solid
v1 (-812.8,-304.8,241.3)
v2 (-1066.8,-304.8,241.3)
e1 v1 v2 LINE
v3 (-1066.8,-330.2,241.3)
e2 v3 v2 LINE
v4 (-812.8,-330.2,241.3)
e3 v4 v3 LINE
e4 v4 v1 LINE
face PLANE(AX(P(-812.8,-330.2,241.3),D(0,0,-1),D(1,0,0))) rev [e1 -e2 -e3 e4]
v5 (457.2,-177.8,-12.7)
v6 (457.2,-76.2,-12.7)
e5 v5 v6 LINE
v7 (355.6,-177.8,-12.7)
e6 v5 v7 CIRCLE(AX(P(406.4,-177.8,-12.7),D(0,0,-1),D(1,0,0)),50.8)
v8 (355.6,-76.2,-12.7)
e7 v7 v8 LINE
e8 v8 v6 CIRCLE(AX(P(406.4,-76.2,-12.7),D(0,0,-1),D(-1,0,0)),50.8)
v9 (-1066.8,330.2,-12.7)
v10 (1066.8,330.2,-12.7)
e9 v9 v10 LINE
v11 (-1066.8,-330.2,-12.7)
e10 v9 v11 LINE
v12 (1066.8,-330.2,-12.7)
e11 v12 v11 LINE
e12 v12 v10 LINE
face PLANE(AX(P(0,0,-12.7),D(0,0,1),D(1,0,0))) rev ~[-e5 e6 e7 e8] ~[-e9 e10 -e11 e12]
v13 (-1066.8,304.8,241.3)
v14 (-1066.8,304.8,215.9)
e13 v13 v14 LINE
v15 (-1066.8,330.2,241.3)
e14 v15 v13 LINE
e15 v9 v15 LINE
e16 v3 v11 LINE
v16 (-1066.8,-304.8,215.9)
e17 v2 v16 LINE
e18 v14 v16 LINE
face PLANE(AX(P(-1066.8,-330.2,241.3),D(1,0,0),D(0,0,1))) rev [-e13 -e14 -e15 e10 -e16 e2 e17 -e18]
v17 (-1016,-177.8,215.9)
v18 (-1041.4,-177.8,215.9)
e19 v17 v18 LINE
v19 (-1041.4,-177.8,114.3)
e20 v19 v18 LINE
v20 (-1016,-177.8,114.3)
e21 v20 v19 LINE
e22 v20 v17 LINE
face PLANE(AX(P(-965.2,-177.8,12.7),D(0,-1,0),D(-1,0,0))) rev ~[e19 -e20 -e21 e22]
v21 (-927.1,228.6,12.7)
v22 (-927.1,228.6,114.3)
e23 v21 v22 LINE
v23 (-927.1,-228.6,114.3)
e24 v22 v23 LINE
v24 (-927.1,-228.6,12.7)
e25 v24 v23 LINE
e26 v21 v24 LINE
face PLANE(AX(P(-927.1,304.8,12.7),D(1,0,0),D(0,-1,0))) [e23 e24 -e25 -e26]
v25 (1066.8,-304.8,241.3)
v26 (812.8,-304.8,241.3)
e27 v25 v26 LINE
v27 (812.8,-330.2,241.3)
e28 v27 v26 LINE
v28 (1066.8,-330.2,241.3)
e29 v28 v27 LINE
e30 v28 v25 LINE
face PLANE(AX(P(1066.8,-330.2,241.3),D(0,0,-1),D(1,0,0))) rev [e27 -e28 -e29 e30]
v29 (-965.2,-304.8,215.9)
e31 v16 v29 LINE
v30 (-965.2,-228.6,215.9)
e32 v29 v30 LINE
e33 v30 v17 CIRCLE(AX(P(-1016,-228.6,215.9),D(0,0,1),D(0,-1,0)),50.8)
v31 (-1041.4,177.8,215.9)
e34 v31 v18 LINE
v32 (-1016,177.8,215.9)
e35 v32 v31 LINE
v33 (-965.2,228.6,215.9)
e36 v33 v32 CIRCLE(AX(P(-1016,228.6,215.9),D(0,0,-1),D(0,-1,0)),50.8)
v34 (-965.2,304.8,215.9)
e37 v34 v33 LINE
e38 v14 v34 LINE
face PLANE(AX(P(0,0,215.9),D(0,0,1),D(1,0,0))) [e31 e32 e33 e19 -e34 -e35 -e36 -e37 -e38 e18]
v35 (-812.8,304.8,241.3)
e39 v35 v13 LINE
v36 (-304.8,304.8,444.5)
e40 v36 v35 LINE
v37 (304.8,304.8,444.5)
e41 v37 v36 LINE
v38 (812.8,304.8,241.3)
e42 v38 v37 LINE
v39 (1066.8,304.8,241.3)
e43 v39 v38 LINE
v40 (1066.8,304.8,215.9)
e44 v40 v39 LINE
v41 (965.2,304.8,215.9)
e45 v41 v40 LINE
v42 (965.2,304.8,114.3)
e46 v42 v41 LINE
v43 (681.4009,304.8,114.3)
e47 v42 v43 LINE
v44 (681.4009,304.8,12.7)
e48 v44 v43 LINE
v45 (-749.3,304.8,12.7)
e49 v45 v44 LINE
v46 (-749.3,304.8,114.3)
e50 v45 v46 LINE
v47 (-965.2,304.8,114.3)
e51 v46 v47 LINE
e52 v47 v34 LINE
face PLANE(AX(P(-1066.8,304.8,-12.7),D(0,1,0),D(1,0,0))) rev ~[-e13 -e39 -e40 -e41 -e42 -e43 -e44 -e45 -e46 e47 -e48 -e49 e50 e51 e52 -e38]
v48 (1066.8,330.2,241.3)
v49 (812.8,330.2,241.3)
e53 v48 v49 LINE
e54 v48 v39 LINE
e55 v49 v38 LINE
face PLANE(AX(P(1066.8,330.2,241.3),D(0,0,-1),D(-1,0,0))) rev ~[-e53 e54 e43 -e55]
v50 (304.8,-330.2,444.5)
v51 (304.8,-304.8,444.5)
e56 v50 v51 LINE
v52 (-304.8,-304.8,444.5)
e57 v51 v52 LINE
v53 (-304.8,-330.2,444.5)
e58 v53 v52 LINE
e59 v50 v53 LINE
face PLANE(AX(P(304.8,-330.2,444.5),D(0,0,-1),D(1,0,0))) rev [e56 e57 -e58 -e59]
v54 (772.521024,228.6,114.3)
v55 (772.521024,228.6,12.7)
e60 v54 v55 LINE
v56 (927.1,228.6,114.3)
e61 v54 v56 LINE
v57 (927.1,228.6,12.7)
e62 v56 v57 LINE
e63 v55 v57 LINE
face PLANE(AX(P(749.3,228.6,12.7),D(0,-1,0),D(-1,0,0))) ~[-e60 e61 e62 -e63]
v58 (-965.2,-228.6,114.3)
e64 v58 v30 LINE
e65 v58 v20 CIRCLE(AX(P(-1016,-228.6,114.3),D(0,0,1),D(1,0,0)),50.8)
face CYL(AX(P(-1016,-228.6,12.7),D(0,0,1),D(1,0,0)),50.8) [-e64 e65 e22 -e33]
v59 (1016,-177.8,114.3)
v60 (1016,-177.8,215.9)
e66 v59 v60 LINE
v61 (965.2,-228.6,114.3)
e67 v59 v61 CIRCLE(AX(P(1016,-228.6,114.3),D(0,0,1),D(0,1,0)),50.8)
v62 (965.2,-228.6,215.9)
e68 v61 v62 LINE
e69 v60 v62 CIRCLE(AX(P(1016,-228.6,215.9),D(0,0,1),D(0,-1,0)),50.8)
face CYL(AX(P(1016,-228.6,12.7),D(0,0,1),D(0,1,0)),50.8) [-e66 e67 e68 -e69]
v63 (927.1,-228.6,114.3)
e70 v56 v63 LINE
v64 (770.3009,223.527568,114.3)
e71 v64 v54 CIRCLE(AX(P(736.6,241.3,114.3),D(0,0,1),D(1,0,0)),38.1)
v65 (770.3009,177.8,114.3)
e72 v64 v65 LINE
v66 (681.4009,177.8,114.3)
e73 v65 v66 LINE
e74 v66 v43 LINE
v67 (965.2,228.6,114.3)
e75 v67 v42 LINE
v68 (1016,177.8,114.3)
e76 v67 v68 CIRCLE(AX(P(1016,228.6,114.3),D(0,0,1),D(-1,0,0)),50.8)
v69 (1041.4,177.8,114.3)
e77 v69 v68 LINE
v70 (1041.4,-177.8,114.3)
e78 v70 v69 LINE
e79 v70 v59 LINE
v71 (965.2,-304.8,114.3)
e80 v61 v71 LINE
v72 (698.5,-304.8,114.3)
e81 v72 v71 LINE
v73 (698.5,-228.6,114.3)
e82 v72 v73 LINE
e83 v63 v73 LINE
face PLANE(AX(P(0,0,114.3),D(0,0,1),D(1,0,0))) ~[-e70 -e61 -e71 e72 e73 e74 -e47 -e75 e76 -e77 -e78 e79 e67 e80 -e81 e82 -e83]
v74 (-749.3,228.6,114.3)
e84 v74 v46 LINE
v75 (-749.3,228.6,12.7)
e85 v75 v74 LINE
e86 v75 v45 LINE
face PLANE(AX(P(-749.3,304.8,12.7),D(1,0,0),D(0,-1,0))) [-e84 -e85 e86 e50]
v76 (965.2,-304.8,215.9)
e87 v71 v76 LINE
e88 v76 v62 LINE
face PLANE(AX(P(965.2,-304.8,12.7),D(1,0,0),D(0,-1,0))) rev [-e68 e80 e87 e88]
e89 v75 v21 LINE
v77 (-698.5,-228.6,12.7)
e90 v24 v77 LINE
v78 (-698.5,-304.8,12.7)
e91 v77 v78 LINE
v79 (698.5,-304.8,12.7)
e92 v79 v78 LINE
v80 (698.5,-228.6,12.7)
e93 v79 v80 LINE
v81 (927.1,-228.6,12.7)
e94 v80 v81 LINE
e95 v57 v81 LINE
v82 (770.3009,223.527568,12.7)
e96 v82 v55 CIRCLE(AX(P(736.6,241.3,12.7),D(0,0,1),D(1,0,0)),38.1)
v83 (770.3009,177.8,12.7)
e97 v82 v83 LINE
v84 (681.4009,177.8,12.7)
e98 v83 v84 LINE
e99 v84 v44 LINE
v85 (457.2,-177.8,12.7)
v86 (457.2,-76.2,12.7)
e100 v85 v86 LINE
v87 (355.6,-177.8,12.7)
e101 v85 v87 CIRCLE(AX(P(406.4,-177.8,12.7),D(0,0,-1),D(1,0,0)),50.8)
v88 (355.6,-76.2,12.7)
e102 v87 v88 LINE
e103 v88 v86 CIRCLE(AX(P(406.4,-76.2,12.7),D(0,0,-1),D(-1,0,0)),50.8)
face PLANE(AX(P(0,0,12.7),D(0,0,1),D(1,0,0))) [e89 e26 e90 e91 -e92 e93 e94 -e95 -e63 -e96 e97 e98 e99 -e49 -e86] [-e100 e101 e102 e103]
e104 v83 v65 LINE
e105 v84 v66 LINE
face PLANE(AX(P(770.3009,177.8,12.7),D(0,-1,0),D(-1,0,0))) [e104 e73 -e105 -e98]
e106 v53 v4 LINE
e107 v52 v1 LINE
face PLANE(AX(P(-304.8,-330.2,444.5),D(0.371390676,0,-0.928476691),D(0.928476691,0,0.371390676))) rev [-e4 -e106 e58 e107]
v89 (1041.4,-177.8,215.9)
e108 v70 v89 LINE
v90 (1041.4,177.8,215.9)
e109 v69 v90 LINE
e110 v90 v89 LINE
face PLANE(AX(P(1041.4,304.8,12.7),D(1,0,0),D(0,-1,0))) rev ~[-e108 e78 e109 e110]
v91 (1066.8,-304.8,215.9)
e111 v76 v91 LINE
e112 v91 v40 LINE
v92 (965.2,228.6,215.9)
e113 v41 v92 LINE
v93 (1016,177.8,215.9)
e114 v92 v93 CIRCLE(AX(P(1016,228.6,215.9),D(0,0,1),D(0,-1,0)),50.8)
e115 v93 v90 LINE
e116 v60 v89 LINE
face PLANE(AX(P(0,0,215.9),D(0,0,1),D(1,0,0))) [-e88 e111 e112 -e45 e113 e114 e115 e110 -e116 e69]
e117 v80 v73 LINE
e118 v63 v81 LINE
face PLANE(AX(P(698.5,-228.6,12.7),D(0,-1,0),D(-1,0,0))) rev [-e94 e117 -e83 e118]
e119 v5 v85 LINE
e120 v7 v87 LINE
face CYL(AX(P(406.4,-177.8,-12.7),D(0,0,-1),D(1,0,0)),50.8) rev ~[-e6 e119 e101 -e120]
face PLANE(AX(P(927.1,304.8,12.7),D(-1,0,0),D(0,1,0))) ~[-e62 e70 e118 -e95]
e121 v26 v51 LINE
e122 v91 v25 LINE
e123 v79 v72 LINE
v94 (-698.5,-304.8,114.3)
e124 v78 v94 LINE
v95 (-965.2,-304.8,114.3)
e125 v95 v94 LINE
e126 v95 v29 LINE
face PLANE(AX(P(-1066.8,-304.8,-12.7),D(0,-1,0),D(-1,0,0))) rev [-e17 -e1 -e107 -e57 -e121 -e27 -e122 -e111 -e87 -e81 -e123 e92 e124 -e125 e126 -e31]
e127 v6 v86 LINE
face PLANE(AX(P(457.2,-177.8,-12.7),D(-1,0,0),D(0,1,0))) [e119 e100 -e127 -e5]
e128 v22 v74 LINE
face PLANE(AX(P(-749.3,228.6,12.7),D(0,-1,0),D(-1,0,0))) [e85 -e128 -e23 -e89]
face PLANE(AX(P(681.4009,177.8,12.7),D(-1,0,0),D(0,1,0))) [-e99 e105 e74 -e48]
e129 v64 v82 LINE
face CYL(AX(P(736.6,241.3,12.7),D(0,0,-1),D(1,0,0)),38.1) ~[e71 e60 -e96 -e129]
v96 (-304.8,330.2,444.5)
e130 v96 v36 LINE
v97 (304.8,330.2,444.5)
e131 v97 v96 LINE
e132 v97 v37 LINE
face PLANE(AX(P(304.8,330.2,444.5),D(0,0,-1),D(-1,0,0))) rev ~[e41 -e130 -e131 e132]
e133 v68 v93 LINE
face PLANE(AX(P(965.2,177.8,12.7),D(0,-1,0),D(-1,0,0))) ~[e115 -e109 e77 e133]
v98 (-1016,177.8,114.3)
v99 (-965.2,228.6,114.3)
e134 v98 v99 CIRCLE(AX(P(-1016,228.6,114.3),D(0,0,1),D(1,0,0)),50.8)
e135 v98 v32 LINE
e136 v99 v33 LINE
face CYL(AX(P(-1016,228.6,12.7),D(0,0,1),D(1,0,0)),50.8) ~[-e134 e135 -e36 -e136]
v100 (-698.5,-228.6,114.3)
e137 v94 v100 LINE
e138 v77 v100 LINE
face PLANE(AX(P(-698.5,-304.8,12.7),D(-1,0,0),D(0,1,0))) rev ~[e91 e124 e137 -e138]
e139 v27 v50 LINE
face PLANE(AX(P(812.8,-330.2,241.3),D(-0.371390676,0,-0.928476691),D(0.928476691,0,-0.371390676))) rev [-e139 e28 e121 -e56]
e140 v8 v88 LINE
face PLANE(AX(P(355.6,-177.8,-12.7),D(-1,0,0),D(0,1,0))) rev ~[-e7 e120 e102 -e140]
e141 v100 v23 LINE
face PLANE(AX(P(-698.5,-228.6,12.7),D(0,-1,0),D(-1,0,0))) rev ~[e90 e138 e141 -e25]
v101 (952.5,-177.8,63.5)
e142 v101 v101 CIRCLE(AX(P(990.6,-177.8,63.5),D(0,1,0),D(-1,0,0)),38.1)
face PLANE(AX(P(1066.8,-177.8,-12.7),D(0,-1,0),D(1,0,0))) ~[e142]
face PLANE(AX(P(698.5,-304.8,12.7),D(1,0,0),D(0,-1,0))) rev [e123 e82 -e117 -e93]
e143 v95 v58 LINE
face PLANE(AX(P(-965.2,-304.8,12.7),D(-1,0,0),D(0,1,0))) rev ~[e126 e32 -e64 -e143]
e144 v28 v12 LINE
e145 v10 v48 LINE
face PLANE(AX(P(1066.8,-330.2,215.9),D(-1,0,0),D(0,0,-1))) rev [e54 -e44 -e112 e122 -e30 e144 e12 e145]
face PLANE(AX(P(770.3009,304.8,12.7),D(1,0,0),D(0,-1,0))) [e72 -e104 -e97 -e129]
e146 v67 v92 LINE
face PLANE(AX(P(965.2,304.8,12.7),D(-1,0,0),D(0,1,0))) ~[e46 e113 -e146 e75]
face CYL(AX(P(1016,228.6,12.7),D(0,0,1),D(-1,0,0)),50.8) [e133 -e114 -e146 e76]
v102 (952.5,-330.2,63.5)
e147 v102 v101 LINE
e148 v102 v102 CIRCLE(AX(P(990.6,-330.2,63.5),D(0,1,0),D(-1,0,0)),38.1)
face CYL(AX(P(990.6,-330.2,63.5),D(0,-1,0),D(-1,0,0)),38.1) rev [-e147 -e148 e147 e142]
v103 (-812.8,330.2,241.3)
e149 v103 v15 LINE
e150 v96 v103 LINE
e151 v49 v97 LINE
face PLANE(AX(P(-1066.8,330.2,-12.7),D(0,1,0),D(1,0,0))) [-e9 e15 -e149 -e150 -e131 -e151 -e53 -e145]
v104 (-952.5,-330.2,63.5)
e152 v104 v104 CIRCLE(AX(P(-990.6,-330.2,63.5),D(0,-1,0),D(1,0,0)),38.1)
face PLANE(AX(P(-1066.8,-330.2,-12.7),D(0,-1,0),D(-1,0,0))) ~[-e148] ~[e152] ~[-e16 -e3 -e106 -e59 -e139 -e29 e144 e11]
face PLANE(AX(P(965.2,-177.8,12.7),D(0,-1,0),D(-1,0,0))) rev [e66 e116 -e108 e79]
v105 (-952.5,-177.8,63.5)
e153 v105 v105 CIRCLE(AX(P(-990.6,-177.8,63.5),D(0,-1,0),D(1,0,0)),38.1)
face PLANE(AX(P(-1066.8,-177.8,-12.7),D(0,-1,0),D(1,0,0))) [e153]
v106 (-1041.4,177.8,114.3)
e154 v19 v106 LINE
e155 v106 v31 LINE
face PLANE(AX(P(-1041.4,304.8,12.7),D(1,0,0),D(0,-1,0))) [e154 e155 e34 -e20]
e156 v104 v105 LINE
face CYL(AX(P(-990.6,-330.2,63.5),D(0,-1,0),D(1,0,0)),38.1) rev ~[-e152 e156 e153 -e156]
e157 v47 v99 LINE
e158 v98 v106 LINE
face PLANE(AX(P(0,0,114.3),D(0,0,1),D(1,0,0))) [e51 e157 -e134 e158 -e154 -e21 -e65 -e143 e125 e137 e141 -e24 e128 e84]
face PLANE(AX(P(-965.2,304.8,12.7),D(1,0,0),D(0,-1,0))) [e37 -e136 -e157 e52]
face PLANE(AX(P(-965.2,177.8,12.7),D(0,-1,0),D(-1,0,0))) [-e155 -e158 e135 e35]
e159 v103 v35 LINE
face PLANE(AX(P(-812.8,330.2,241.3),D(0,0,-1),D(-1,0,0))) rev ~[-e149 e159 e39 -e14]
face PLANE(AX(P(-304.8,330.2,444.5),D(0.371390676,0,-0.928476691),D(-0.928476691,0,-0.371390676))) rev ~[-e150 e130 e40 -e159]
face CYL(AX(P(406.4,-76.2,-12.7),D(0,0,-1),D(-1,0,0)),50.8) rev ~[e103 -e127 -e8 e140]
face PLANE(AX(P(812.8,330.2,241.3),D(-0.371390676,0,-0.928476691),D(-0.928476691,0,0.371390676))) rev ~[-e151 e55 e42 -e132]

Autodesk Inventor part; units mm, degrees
ref_plane "YZ Plane" through (0, 0, 0) normal (1, 0, 0) x (0, 1, 0)
ref_plane "XZ Plane" through (0, 0, 0) normal (0, 1, 0) x (-1, 0, 0)
ref_plane "XY Plane" through (0, 0, 0) normal (0, 0, 1) x (1, 0, 0)
sketch "Sketch1" plane through (0, 0, 0) normal (0, 0, 1) x (1, 0, 0)
  line L0 (-1066.8, 304.8) -> (1066.8, 304.8)
  line L1 (1066.8, 304.8) -> (1066.8, -304.8)
  line L2 (1066.8, -304.8) -> (-1066.8, -304.8)
  line L3 (-1066.8, -304.8) -> (-1066.8, 304.8)
  point P0 (0, 0)
  point P1 (1066.8, 0)
  point P2 (0, 304.8)
  dimension "d0" = 2133.6
  dimension "d1" = 609.6
extrude "Extrusion1" add sketch "Sketch1" along normal mid plane 25.4
sketch "Sketch2" plane through (0, 0, 12.7) normal (0, 0, 1) x (1, 0, 0)
  circle A0 centre (736.6, 241.3) radius 38.1
  line L0 (1066.8, -304.8) -> (1066.8, 304.8) projected
  line L1 (-1066.8, 304.8) -> (1066.8, 304.8) projected
  circle A1 centre (736.6, -266.7) radius 38.1
  line L2 (-1066.8, -304.8) -> (1066.8, -304.8) projected
  circle A2 centre (-787.4, 266.7) radius 38.1
  circle A3 centre (-736.6, -266.7) radius 38.1
  line L3 (-1066.8, 304.8) -> (-1066.8, -304.8) projected
  point P0 (0, 0)
  dimension "d4" = 330.2
  dimension "d5" = 63.5
  dimension "d6" = 76.2
  dimension "d7" = 76.2
  dimension "d8" = 330.2
  dimension "d9" = 38.1
  dimension "d10" = 76.2
  dimension "d11" = 76.2
  dimension "d12" = 279.4
  dimension "d13" = 330.2
  dimension "d14" = 38.1
  dimension "d15" = 38.1
extrude "Extrusion2" add sketch "Sketch2" along normal blind 101.6 contours A0 | A2 | A3 | A1
sketch "Sketch3" plane through (0, 0, 12.7) normal (0, 0, 1) x (1, 0, 0)
  line L0 (-1066.8, -304.8) -> (-1066.8, 304.8) projected
  line L1 (1066.8, -304.8) -> (-1066.8, -304.8) projected
  line L2 (-1066.8, 304.8) -> (-1041.4, 304.8)
  line L3 (-1041.4, 304.8) -> (-1041.4, -304.8)
  line L4 (-1041.4, -304.8) -> (-1066.8, -304.8)
  line L5 (-1066.8, -304.8) -> (-1066.8, 304.8)
  line L6 (1066.8, 304.8) -> (1041.4, 304.8)
  line L7 (1041.4, 304.8) -> (1041.4, -304.8)
  line L8 (1041.4, -304.8) -> (1066.8, -304.8)
  line L9 (1066.8, -304.8) -> (1066.8, 304.8)
  point P0 (0, 0)
  dimension "d18" = 25.4
  dimension "d19" = 25.4
extrude "Extrusion3" add sketch "Sketch3" along normal blind 203.2
sketch "Sketch5" plane through (0, 0, 0) normal (0, 1, 0) x (-1, 0, 0)
  line L0 (-1041.4, 12.7) -> (787.4, 12.7) projected
  point P0 (0, 0)
sketch "Sketch6" plane through (0, 0, 12.7) normal (0, 0, 1) x (1, 0, 0)
  line L0 (-1041.4, 304.8) -> (-1041.4, -304.8) projected
  line L1 (-1041.4, 304.8) -> (-965.2, 304.8)
  line L2 (-965.2, 304.8) -> (-965.2, 177.8)
  line L3 (-965.2, 177.8) -> (-1041.4, 177.8)
  line L4 (-1041.4, 177.8) -> (-1041.4, 304.8)
  line L5 (-1041.4, -304.8) -> (-965.2, -304.8)
  line L6 (-965.2, -304.8) -> (-965.2, -177.8)
  line L7 (-965.2, -177.8) -> (-1041.4, -177.8)
  line L8 (-1041.4, -177.8) -> (-1041.4, -304.8)
  point P0 (0, 0)
  dimension "d30" = 76.2
  dimension "d31" = 127
  dimension "d32" = 127
  dimension "d33" = 76.2
extrude "Extrusion5" add sketch "Sketch6" along normal blind 203.2
mirror "Mirror1" about plane through (0, 0, 0) normal (1, 0, 0) of "Extrusion5"
fillet "Fillet1" radius 50.8 4 edges at (-965.2, 177.8, 114.3) (965.2, 177.8, 114.3) (965.2, -177.8, 114.3) (-965.2, -177.8, 114.3)
sketch "Sketch14" plane through (0, 0, -12.7) normal (0, 0, -1) x (-1, 0, 0)
  line L0 (-1066.8, 304.8) -> (1066.8, 304.8)
  line L1 (1066.8, 304.8) -> (1066.8, 330.2)
  line L2 (1066.8, 330.2) -> (-1066.8, 330.2)
  line L3 (-1066.8, 330.2) -> (-1066.8, 304.8)
  line L4 (1066.8, -304.8) -> (-1066.8, -304.8)
  line L5 (-1066.8, -304.8) -> (-1066.8, -330.2)
  line L6 (-1066.8, -330.2) -> (1066.8, -330.2)
  line L7 (1066.8, -330.2) -> (1066.8, -304.8)
  point P0 (0, 0)
  dimension "d62" = 25.4
  dimension "d63" = 25.4
extrude "Extrusion11" add sketch "Sketch14" against normal blind 228.6
sketch "Sketch15" plane through (-1066.8, 330.2, -12.7) normal (0, 1, 0) x (1, 0, 0)
  line L0 (2133.6, 0) -> (2133.6, -228.6) projected
  line L1 (2133.6, -228.6) -> (2133.6, -254)
  line L2 (2133.6, -254) -> (1879.6, -254)
  line L3 (1879.6, -254) -> (1371.6, -457.2)
  line L4 (1371.6, -457.2) -> (762, -457.2)
  line L5 (762, -457.2) -> (254, -254)
  line L6 (254, -254) -> (0, -254)
  line L7 (0, -254) -> (0, -228.6)
  line L8 (0, -228.6) -> (2133.6, -228.6)
  point P0 (1066.8, -12.7)
  dimension "d66" = 254
  dimension "d67" = 508
  dimension "d68" = 609.6
  dimension "d69" = 508
  dimension "d70" = 254
  dimension "d71" = 228.6
  dimension "d72" = 25.4
  dimension "d73" = 25.4
extrude "Extrusion12" add sketch "Sketch15" against normal blind 25.4
mirror "Mirror4" about plane through (0, 0, 0) normal (0, 1, 0) of "Extrusion12"
sketch "Sketch16" plane through (0, 0, -12.7) normal (0, 0, -1) x (-1, 0, 0)
  line L0 (-457.2, -177.8) -> (-457.2, -76.2)
  line L1 (-355.6, -177.8) -> (-355.6, -76.2)
  arc A0 (-355.6, -76.2) -> (-457.2, -76.2) centre (-406.4, -76.2) ccw
  arc A1 (-457.2, -177.8) -> (-355.6, -177.8) centre (-406.4, -177.8) ccw
  line L2 (-1066.8, 330.2) -> (-1066.8, -330.2) projected
  line L3 (-1066.8, -330.2) -> (1066.8, -330.2) projected
  point P0 (0, 0)
  dimension "d76" = 101.6
  dimension "d77" = 609.6
  dimension "d78" = 152.4
  dimension "d79" = 101.6
extrude "Extrusion13" cut sketch "Sketch16" against normal blind 25.4
sketch "Sketch20" plane through (0, 0, 12.7) normal (0, 0, 1) x (1, 0, 0)
  line L0 (-965.2, 304.8) -> (-1066.8, 304.8) projected
  line L1 (-1041.4, 304.8) -> (-749.3, 304.8)
  line L2 (-749.3, 304.8) -> (-749.3, 228.6)
  line L3 (-749.3, 228.6) -> (-1041.4, 228.6)
  line L4 (-1041.4, 228.6) -> (-1041.4, 304.8)
  line L5 (-965.2, -304.8) -> (-1028.7, -304.8) projected
  line L6 (-1016, -304.8) -> (-698.5, -304.8)
  line L7 (-698.5, -304.8) -> (-698.5, -228.6)
  line L8 (-698.5, -228.6) -> (-1016, -228.6)
  line L9 (-1016, -228.6) -> (-1016, -304.8)
  point P0 (0, 0)
extrude "Extrusion16" add sketch "Sketch20" along normal blind 101.6
mirror "Mirror5" about plane through (0, 0, 0) normal (1, 0, 0) of "Extrusion16"
sketch "Sketch21" plane through (0, 0, 12.7) normal (0, 0, 1) x (1, 0, 0)
  line L0 (812.8, 304.8) -> (304.8, 304.8) projected
  line L1 (681.4009, 304.8) -> (770.3009, 304.8)
  line L2 (770.3009, 304.8) -> (770.3009, 177.8)
  line L3 (770.3009, 177.8) -> (681.4009, 177.8)
  line L4 (681.4009, 177.8) -> (681.4009, 304.8)
  point P0 (0, 0)
  dimension "d91" = 127
  dimension "d92" = 88.9
extrude "Extrusion17" add sketch "Sketch21" along normal blind 101.6
sketch "Sketch22" plane through (0, 0, 12.7) normal (0, 0, 1) x (1, 0, 0)
  line L0 (-812.8, 304.8) -> (-1066.8, 304.8) projected
  line L1 (-812.8, -304.8) -> (-1066.8, -304.8) projected
  line L2 (-1041.4, 304.8) -> (-927.1, 304.8)
  line L3 (-927.1, 304.8) -> (-927.1, -304.8)
  line L4 (-927.1, -304.8) -> (-1041.4, -304.8)
  line L5 (-1041.4, -304.8) -> (-1041.4, 304.8)
  line L6 (-1041.4, -177.8) -> (-1041.4, 177.8) projected
  point P0 (0, 0)
  dimension "d97" = 114.3
  dimension "d98" = 0
extrude "Extrusion18" add sketch "Sketch22" along normal blind 101.6
mirror "Mirror7" about plane through (0, 0, 0) normal (1, 0, 0) of "Extrusion18"
sketch "Sketch23" plane through (-1066.8, -330.2, -12.7) normal (0, -1, 0) x (1, 0, 0)
  circle A0 centre (76.2, 76.2) radius 38.1
  line L0 (0, 0) -> (0, 254) projected
  line L1 (2133.6, 0) -> (0, 0) projected
  point P0 (1066.8, 12.7)
  dimension "d101" = 76.2
  dimension "d102" = 76.2
  dimension "d103" = 76.2
extrude "Extrusion19" cut sketch "Sketch23" against normal blind 152.4
mirror "Mirror8" about plane through (0, 0, 0) normal (1, 0, 0) of "Extrusion19"
properties part number "Cam_support2"
